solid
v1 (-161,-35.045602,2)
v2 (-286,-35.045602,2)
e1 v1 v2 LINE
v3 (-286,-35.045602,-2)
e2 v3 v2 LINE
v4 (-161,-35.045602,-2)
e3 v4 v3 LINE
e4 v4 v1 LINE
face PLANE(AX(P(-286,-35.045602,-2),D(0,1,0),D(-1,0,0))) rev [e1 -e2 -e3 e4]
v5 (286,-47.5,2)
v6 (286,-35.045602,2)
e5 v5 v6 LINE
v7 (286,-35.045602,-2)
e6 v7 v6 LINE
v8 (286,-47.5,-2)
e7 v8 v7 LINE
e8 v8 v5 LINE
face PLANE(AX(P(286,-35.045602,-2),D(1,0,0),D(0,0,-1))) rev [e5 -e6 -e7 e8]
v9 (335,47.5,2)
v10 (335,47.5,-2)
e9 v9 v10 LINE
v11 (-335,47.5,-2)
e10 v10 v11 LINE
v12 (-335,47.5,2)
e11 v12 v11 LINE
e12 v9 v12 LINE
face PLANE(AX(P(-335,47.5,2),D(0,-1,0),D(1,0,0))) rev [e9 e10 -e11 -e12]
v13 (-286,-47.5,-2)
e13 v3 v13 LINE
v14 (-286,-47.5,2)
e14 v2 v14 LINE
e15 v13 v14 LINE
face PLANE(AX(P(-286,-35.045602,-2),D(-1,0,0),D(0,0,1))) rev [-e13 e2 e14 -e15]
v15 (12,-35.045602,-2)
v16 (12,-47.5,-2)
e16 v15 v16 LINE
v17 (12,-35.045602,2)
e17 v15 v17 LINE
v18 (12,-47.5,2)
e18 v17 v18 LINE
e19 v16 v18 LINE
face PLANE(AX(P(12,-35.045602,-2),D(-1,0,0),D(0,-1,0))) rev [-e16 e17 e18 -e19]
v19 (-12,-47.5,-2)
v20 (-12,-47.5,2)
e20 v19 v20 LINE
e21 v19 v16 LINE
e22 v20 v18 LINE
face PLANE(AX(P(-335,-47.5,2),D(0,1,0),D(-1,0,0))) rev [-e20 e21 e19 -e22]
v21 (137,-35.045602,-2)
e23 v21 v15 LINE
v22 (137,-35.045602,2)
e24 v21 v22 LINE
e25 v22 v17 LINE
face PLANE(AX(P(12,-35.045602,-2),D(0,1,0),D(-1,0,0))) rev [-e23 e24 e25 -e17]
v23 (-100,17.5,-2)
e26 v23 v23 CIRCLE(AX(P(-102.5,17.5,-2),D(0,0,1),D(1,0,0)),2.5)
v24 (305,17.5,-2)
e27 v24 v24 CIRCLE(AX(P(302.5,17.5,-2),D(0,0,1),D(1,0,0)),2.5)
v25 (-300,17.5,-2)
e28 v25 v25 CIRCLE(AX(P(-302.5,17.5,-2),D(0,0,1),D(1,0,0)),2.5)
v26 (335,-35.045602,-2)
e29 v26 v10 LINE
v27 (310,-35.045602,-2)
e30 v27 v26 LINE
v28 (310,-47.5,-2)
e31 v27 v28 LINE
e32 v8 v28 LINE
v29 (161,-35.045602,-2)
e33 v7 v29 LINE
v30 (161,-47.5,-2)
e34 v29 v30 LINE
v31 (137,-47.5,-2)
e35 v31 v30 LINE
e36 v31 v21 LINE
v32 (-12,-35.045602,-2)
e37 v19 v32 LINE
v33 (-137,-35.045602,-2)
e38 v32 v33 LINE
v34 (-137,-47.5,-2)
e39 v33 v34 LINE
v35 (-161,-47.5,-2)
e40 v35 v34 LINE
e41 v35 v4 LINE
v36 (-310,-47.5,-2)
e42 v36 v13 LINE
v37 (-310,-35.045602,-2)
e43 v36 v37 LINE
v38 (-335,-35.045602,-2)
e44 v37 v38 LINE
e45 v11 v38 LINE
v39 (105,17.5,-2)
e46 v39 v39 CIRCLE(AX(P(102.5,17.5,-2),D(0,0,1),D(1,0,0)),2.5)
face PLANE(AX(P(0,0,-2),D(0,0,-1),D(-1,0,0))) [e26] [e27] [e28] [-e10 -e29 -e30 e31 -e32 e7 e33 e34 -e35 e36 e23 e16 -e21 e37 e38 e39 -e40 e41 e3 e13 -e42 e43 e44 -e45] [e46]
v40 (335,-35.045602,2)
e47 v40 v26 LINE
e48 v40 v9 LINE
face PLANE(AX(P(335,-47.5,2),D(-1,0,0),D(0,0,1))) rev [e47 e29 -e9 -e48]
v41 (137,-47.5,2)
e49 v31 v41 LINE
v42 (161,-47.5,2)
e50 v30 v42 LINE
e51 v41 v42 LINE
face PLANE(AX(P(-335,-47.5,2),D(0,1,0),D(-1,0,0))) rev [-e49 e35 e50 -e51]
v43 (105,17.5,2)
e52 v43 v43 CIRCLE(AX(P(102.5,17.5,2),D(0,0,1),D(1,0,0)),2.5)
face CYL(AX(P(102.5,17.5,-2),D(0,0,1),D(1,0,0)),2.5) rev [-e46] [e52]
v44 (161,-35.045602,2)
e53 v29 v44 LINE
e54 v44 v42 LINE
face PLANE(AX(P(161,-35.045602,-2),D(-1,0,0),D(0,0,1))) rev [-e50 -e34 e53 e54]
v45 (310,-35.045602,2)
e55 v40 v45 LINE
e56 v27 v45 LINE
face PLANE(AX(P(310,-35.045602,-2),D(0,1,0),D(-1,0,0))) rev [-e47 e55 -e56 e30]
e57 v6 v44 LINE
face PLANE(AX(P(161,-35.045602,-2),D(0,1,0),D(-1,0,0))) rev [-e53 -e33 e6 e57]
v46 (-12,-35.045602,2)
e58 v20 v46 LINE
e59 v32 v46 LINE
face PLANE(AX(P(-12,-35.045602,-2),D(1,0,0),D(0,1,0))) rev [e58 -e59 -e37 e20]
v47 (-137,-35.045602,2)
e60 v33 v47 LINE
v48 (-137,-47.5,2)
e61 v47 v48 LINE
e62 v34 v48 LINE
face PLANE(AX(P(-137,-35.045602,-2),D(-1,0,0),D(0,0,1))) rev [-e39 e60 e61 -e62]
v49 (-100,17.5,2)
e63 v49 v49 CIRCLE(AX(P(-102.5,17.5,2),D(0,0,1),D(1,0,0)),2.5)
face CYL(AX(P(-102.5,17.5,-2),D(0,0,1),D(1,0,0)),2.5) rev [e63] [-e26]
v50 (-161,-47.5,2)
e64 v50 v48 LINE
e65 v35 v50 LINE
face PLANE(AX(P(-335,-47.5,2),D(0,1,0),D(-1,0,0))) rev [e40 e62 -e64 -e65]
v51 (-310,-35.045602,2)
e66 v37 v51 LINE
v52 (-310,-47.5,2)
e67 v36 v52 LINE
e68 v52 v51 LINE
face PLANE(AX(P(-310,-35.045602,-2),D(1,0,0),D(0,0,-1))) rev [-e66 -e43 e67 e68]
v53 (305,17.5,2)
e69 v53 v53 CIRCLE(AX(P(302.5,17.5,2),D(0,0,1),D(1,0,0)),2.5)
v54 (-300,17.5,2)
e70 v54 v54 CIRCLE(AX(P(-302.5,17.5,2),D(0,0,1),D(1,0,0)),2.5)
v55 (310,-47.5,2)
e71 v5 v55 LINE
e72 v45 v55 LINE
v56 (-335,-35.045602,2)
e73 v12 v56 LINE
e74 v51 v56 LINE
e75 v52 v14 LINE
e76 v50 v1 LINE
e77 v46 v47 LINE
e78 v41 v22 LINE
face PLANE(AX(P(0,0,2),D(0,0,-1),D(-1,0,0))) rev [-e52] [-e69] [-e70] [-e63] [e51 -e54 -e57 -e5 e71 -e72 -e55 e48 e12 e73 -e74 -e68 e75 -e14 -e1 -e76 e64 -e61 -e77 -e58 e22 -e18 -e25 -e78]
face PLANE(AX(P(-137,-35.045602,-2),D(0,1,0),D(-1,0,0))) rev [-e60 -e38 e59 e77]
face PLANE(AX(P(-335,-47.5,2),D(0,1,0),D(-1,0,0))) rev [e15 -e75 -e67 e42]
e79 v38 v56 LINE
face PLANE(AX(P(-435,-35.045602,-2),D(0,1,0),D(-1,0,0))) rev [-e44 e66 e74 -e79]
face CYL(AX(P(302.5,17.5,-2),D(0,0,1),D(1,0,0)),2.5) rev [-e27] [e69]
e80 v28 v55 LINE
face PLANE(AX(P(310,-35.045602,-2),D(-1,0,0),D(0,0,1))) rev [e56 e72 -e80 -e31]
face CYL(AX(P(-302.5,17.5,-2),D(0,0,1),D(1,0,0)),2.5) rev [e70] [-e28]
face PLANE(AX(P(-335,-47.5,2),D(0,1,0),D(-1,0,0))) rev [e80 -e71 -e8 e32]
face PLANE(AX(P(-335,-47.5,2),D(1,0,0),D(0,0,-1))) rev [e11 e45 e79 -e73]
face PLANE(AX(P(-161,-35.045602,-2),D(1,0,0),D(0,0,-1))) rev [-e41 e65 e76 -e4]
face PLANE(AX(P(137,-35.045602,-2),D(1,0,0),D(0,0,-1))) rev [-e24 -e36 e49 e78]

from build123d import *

# Parameters (mm, degrees)
SKETCH_1_W          = 670
SKETCH_1_H          = 95
EXTRUDE_1_DEPTH     = 2
SKETCH_2_W          = 125
SKETCH_2_H          = 12.454397838
CUT_EXTRUDE_1_DEPTH = 339.374422792
SKETCH_5_R          = 2.5
CUT_EXTRUDE_4_DEPTH = 339.374422792


with BuildPart() as part:
    # Эскиз1 → Бобышка-Вытянуть1 (new, symmetric)
    with BuildSketch(Plane.XY):
        Rectangle(SKETCH_1_W, SKETCH_1_H)
    extrude(amount=EXTRUDE_1_DEPTH, both=True)

    # Эскиз2 → Вырез-Вытянуть1 (cut, through all)
    with BuildSketch(Plane.XY.offset(2)):
        with Locations((-372.5, -41.272801081)):
            Rectangle(SKETCH_2_W, SKETCH_2_H)
        with Locations((-223.5, -41.272801081)):
            Rectangle(SKETCH_2_W, SKETCH_2_H)
        with Locations((-74.5, -41.272801081)):
            Rectangle(SKETCH_2_W, SKETCH_2_H)
        with Locations((74.5, -41.272801081)):
            Rectangle(SKETCH_2_W, SKETCH_2_H)
        with Locations((223.5, -41.272801081)):
            Rectangle(SKETCH_2_W, SKETCH_2_H)
        with Locations((372.5, -41.272801081)):
            Rectangle(SKETCH_2_W, SKETCH_2_H)
    extrude(amount=-CUT_EXTRUDE_1_DEPTH, mode=Mode.SUBTRACT)

    # Эскиз5 → Вырез-Вытянуть4 (cut, through all)
    with BuildSketch(Plane.XY.offset(2)):
        with Locations((-102.5, 17.5)):
            Circle(SKETCH_5_R)
        with Locations((102.5, 17.5)):
            Circle(SKETCH_5_R)
        with Locations((-302.5, 17.5)):
            Circle(SKETCH_5_R)
        with Locations((302.5, 17.5)):
            Circle(SKETCH_5_R)
    extrude(amount=-CUT_EXTRUDE_4_DEPTH, mode=Mode.SUBTRACT)


solid = part.part
